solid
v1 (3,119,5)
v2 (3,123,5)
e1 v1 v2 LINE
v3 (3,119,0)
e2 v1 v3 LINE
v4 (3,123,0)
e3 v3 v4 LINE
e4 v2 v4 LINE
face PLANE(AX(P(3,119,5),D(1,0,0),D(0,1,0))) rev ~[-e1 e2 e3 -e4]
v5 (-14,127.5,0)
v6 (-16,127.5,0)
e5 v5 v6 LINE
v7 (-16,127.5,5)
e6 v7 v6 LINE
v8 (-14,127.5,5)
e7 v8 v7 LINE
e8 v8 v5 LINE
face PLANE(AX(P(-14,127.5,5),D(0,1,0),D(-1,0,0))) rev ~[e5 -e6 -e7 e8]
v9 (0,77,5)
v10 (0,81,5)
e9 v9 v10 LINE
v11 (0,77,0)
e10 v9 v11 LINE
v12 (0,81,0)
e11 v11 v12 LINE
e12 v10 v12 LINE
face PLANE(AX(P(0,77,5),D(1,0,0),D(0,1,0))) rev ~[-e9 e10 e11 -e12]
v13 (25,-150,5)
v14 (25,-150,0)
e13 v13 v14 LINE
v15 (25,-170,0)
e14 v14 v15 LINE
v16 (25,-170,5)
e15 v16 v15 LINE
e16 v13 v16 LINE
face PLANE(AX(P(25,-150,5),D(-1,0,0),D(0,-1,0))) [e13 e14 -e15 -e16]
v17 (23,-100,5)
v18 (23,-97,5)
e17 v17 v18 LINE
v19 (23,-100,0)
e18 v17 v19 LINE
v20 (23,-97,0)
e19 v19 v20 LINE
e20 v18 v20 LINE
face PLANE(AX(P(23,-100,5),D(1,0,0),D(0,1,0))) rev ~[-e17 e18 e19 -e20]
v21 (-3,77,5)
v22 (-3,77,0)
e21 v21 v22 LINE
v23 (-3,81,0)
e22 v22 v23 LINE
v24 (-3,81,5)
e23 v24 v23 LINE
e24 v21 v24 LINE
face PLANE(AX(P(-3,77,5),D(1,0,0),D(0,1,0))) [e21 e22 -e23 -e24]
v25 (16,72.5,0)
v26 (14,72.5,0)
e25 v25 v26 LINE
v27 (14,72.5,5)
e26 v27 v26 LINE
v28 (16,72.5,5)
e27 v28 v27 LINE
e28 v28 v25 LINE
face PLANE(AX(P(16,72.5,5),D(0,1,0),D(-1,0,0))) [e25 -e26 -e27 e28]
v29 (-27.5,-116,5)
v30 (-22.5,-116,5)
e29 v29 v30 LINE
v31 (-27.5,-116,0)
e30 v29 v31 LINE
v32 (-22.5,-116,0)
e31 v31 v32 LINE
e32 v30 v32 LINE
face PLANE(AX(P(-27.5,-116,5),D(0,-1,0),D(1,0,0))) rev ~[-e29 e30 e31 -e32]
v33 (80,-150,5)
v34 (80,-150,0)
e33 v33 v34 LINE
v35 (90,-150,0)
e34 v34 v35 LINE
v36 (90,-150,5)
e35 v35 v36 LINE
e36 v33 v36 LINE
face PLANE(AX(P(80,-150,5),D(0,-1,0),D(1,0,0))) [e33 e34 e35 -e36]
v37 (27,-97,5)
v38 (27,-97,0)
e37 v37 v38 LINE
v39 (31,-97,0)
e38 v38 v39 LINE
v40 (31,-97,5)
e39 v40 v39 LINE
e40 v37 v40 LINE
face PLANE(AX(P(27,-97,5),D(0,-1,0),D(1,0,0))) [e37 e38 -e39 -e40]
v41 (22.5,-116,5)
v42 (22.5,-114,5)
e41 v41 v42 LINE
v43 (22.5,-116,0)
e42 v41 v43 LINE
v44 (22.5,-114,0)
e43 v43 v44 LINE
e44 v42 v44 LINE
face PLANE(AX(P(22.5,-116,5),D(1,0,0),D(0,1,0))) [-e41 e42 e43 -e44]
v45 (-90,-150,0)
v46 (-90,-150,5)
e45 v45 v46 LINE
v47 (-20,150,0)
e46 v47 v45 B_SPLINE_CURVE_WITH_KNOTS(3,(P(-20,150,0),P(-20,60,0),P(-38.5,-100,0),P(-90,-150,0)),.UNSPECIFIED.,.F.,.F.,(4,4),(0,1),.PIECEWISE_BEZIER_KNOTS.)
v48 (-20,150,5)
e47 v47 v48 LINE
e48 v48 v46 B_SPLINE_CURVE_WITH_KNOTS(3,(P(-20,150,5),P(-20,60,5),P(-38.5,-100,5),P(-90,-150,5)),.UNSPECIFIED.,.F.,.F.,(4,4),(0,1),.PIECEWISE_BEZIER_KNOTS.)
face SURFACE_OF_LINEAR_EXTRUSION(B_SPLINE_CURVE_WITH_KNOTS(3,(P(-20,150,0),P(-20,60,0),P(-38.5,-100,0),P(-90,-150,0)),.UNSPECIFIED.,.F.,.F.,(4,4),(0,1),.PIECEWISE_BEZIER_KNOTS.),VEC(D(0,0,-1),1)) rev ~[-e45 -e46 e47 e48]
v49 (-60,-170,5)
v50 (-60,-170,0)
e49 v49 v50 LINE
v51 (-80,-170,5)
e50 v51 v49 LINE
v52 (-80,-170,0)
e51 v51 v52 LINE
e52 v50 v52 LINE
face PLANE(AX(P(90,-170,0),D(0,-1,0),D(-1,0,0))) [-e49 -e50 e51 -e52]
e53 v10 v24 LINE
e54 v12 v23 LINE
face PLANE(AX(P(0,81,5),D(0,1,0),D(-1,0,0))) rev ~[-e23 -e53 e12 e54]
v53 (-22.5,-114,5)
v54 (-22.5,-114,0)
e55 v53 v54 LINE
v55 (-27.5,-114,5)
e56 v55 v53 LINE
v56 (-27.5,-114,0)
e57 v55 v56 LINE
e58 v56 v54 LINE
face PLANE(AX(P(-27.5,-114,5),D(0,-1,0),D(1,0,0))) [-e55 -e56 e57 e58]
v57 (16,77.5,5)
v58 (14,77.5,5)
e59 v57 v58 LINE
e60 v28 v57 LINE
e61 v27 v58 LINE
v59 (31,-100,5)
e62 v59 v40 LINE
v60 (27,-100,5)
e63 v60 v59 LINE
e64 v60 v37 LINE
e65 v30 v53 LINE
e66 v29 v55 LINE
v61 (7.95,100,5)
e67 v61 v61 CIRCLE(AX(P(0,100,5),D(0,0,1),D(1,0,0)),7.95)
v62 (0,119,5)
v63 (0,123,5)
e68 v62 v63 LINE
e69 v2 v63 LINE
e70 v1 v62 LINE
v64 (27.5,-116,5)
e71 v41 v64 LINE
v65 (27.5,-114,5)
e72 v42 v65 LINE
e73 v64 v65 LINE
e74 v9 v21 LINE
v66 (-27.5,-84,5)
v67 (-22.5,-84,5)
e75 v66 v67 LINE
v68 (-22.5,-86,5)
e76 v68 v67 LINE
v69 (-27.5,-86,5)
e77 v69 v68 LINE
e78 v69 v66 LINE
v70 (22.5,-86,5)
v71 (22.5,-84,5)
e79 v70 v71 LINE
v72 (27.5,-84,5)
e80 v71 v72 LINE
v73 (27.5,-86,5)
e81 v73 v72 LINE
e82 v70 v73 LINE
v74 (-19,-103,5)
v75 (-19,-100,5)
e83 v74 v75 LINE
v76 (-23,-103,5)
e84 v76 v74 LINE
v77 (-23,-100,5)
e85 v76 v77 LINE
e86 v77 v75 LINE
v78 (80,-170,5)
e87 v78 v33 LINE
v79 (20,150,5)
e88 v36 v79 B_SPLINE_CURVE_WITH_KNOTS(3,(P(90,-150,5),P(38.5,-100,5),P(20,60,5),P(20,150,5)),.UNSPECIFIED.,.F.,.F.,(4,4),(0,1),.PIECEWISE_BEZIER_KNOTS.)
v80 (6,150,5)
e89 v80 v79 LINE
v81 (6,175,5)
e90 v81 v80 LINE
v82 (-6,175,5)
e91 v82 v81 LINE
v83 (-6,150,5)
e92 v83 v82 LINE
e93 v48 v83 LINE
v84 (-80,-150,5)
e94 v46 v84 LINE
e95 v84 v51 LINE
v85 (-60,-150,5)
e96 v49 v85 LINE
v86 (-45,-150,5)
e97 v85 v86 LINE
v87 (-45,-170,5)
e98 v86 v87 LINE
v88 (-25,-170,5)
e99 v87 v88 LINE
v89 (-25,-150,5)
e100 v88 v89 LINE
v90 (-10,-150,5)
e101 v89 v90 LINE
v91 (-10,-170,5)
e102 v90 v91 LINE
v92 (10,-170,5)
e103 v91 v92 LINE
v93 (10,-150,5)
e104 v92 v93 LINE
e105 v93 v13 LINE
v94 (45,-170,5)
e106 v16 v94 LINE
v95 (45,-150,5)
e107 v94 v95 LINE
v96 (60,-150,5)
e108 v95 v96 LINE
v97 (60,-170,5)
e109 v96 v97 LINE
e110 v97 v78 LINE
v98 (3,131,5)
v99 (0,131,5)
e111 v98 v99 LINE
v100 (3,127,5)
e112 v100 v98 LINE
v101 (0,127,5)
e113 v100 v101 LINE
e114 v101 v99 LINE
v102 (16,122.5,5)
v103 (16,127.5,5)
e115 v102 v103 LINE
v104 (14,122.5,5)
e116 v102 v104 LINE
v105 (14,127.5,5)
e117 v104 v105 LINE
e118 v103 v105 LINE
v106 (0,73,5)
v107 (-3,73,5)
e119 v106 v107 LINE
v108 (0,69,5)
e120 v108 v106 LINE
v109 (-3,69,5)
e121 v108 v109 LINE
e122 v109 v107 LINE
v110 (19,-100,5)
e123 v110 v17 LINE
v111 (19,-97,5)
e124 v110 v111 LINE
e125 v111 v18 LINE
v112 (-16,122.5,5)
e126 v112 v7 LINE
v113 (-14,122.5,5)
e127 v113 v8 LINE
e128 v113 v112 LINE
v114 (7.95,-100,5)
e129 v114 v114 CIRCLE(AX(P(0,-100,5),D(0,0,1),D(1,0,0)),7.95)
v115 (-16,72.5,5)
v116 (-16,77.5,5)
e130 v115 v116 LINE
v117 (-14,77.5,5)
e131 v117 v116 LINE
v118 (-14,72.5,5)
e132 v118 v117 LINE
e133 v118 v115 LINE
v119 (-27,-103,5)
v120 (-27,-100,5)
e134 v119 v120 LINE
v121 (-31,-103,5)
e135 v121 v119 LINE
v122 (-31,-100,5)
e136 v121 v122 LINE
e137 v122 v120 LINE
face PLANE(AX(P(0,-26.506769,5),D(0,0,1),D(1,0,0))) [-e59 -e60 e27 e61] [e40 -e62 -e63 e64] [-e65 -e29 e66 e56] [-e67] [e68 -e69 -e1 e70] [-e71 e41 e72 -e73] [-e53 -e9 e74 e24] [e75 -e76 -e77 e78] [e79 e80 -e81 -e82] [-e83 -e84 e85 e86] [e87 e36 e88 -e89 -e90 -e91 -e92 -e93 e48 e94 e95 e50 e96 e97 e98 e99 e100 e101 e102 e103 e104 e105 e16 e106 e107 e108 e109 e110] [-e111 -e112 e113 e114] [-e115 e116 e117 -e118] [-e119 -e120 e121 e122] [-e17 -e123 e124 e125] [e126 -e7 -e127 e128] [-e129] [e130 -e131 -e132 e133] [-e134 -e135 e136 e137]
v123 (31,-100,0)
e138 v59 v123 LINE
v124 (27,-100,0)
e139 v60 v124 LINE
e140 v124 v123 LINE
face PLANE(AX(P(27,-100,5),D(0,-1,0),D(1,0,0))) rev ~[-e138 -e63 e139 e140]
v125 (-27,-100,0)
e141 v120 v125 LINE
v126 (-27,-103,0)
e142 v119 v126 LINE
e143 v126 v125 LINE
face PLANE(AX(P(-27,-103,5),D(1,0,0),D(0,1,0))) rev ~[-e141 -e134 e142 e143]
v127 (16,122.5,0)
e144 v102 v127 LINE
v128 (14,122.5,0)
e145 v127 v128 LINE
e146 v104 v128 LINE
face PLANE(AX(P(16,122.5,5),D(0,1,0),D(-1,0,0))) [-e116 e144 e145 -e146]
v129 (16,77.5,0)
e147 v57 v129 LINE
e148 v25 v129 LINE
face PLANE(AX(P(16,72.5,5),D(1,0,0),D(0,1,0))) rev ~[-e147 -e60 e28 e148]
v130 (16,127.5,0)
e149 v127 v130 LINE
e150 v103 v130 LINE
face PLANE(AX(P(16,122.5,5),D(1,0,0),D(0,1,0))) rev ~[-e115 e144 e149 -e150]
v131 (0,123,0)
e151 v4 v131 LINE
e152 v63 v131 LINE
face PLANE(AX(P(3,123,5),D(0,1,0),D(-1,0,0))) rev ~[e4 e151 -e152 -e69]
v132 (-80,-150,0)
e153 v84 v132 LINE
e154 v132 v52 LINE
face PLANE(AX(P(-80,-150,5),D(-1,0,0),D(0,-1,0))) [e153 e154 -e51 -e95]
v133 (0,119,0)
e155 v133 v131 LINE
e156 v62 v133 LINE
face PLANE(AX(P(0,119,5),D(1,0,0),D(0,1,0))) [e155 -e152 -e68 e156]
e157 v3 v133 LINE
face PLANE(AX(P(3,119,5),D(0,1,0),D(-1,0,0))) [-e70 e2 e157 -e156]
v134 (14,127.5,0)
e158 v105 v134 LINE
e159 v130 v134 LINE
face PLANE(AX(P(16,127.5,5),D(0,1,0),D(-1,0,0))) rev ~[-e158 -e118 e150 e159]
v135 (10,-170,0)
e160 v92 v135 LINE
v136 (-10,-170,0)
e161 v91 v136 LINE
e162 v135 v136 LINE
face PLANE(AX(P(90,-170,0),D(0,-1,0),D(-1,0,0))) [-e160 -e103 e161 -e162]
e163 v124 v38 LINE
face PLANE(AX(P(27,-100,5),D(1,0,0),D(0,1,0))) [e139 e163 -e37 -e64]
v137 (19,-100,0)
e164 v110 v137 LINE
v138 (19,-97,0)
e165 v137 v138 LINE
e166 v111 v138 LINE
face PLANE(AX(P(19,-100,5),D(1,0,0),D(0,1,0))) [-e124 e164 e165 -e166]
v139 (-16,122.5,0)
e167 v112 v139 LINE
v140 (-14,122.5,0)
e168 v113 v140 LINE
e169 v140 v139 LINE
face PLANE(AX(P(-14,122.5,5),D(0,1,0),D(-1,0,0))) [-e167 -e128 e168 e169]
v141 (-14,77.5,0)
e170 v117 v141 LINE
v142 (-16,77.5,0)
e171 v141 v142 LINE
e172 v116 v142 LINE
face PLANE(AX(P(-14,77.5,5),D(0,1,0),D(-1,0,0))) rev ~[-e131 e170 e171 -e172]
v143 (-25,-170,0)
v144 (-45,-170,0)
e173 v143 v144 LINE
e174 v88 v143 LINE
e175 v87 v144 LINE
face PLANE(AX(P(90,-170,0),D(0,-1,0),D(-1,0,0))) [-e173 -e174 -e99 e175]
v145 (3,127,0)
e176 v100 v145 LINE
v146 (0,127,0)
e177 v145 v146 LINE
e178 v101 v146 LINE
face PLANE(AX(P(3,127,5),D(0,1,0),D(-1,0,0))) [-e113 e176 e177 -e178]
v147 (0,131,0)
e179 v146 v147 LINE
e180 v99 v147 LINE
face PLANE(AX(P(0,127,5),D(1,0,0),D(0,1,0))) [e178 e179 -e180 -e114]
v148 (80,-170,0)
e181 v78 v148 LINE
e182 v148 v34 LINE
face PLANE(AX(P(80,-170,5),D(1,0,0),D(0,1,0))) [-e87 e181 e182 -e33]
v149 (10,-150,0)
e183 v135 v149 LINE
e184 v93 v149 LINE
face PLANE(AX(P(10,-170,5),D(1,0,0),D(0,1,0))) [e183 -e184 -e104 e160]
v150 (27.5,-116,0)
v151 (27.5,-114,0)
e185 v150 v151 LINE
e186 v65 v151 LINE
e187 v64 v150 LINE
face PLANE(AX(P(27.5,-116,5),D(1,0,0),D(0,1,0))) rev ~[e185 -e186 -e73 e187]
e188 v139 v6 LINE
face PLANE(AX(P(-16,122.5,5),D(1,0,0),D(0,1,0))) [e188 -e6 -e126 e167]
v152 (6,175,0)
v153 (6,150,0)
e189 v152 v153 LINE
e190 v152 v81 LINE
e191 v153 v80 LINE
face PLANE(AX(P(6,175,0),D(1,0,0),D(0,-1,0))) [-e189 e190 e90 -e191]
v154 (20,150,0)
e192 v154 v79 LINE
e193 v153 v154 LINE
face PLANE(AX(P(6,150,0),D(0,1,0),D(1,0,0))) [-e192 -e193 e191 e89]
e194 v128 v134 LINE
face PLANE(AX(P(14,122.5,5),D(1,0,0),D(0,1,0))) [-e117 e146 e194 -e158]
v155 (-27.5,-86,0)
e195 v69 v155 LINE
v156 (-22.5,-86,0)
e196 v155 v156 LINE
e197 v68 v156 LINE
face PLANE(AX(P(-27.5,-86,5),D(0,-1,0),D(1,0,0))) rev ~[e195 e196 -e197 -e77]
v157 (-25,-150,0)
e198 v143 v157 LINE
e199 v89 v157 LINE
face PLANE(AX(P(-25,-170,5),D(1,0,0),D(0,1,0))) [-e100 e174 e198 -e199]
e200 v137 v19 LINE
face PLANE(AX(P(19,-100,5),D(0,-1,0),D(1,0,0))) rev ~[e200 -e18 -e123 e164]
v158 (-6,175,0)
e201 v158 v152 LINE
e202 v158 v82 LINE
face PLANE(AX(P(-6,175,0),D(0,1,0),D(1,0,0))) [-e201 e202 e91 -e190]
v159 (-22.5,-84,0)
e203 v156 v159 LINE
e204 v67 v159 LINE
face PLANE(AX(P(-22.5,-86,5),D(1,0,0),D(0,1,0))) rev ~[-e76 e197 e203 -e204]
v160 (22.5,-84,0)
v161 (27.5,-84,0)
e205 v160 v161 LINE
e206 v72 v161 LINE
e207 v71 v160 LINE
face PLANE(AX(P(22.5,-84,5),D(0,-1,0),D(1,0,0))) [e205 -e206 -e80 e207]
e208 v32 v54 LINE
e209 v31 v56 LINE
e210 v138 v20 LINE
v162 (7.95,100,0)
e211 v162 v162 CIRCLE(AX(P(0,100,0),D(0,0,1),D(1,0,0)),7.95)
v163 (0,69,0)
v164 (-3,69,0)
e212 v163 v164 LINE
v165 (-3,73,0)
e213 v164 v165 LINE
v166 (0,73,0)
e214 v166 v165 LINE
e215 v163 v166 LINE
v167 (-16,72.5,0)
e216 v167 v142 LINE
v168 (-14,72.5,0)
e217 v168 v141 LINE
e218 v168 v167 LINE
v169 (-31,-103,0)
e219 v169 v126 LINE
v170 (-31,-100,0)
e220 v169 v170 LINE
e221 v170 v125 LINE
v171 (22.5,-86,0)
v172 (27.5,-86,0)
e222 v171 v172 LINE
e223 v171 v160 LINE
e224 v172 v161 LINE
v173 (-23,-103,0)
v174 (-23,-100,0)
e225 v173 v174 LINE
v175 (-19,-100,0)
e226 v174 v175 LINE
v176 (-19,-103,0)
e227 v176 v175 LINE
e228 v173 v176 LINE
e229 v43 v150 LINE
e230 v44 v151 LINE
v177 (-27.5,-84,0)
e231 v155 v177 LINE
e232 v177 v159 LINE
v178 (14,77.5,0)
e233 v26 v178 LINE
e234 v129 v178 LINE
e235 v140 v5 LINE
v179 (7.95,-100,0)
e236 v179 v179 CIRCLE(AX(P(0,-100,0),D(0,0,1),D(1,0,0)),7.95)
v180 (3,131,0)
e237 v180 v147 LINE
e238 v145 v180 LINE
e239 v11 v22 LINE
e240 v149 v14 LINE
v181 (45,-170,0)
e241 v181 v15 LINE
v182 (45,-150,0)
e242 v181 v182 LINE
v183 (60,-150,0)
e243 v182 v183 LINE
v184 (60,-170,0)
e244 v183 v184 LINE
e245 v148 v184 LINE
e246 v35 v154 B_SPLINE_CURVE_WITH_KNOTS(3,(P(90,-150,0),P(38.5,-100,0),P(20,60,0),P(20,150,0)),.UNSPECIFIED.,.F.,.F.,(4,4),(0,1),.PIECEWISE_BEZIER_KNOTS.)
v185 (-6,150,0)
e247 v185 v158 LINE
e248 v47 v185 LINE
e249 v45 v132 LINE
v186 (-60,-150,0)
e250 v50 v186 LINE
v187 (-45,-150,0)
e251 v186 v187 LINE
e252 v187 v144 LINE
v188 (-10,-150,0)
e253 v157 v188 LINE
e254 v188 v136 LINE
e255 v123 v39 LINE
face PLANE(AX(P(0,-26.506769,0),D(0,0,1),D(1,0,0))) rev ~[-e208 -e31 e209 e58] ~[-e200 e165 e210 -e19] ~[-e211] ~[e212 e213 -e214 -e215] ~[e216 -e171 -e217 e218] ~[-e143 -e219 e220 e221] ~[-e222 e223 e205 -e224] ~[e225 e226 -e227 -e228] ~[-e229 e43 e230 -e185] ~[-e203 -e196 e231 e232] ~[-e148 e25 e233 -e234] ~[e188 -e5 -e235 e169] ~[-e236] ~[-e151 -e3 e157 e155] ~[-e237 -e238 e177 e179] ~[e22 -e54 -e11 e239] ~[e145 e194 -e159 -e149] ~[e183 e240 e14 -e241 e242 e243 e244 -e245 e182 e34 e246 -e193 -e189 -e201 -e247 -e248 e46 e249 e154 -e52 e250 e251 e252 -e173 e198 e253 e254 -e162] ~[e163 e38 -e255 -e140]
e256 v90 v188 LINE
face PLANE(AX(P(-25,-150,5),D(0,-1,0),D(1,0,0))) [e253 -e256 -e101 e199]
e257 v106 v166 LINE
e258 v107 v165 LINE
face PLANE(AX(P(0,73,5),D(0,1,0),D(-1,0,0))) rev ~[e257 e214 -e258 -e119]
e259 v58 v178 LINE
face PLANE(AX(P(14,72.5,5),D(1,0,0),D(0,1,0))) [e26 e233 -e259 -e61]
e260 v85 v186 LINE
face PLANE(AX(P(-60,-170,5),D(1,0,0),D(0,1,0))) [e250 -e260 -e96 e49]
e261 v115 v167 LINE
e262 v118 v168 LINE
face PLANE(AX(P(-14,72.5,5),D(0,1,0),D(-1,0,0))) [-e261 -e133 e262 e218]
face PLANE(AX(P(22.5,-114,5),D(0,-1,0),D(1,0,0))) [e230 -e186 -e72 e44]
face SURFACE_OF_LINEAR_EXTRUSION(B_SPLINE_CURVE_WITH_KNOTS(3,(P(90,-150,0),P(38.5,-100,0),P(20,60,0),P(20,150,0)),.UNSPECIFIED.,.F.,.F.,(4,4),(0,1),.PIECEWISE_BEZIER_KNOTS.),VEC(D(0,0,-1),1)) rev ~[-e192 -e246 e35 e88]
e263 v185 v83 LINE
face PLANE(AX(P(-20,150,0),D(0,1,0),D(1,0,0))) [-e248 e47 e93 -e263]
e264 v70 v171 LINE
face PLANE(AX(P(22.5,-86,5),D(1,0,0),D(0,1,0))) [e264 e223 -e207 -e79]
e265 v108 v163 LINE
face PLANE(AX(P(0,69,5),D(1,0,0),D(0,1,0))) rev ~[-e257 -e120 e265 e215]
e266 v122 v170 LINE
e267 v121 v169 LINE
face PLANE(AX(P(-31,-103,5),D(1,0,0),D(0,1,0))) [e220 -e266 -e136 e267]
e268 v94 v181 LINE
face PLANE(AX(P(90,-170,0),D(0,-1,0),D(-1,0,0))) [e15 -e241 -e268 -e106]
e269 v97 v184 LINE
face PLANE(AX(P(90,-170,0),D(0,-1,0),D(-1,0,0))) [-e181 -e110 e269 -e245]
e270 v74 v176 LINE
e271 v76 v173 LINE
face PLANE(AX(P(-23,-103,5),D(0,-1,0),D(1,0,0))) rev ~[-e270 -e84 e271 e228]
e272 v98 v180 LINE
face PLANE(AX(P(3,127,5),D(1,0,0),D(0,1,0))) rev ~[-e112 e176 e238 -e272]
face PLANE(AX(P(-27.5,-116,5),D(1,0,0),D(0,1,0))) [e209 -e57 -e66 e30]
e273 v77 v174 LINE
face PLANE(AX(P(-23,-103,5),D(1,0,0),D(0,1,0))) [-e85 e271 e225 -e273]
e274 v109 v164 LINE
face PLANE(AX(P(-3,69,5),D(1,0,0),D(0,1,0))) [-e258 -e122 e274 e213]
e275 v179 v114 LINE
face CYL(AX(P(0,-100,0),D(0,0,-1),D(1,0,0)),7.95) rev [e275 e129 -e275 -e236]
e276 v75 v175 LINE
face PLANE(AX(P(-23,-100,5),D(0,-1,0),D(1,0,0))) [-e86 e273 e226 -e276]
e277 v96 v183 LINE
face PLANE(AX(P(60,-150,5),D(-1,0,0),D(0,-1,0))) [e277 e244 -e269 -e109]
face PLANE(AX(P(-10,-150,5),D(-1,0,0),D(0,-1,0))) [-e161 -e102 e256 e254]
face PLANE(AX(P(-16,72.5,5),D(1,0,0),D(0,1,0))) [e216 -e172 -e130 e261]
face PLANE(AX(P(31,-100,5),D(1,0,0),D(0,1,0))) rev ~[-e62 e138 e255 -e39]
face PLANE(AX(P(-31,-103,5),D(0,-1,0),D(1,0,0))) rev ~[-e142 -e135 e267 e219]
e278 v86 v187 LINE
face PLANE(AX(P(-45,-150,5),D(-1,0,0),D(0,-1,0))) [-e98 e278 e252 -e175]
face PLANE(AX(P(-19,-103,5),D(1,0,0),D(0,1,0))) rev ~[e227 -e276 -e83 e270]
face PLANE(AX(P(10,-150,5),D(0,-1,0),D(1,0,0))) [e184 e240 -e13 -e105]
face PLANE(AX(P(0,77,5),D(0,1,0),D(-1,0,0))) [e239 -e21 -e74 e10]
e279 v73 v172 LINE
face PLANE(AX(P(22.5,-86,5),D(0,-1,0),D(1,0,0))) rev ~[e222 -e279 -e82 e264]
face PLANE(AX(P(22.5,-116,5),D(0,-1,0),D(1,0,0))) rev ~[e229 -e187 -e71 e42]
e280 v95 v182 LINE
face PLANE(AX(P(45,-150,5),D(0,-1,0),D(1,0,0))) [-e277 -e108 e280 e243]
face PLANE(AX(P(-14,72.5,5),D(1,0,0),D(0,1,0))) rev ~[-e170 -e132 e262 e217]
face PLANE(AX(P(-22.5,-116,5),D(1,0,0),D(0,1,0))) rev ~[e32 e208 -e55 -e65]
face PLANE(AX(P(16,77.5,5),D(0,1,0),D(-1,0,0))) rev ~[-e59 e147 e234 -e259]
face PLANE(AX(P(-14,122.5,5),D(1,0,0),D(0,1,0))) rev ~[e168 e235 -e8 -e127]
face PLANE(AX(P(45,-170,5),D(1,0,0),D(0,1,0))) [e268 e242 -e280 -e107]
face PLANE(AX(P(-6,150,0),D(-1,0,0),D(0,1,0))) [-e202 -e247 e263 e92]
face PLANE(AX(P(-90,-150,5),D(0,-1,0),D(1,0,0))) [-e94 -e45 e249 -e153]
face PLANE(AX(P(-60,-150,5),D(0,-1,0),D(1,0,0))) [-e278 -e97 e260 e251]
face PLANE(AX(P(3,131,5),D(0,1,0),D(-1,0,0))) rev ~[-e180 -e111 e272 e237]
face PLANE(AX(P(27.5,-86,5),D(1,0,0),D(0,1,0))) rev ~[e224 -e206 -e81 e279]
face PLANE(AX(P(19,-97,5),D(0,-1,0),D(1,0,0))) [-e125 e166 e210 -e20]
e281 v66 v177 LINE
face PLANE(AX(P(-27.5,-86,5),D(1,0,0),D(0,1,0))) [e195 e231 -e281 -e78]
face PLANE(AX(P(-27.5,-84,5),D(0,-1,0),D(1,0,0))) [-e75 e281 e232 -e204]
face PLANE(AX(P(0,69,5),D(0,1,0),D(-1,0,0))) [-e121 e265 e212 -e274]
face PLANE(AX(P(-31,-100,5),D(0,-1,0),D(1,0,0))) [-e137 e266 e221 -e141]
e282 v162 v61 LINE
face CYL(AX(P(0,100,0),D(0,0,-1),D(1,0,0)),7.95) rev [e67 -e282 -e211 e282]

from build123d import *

# Parameters (mm, degrees)
SKETCH_R        = 7.95
PAD_DEPTH       = 5
SKETCH003_W     = 5
SKETCH003_H     = 2
SKETCH003_W_2   = 4
SKETCH003_H_2   = 3
POCKET_DEPTH    = 5.001
SKETCH002_W     = 5
SKETCH002_H     = 2
SKETCH002_W_2   = 4
SKETCH002_H_2   = 3
POCKET001_DEPTH = 5.001
POCKET002_DEPTH = 5.001


with BuildPart() as part:
    # Sketch → Pad (new body)
    with BuildSketch(Plane.XY):
        with BuildLine():
            add(Edge.make_bspline(
                [(-20, 150), (-20, 60), (-38.5, -100), (-90, -150)],
                knots=[0, 0, 0, 0, 1, 1, 1, 1], degree=3))
            Line((-20, 150), (-6, 150))
            Line((-6, 150), (-6, 175))
            Line((-6, 175), (6, 175))
            Line((6, 175), (6, 150))
            Line((6, 150), (20, 150))
            add(Edge.make_bspline(
                [(90, -150), (38.5, -100), (20, 60), (20, 150)],
                knots=[0, 0, 0, 0, 1, 1, 1, 1], degree=3))
            Line((90, -150), (90, -170))
            Line((90, -170), (-90, -170))
            Line((-90, -170), (-90, -150))
        make_face()
        with Locations((0, -100)):
            Circle(SKETCH_R, mode=Mode.SUBTRACT)
        with Locations((0, 100)):
            Circle(SKETCH_R, mode=Mode.SUBTRACT)
    extrude(amount=PAD_DEPTH)

    # Sketch003 (on Face28 of Pad) → Pocket (cut, through all)
    with BuildSketch(Plane(origin=(0, 100, 5), x_dir=(0, 1, 0), z_dir=(0, 0, 1))):
        with Locations((-25, 15)):
            Rectangle(SKETCH003_W, SKETCH003_H)
        with Locations((25, 15)):
            Rectangle(SKETCH003_W, SKETCH003_H)
        with Locations((25, -15)):
            Rectangle(SKETCH003_W, SKETCH003_H)
        with Locations((-25, -15)):
            Rectangle(SKETCH003_W, SKETCH003_H)
        with Locations((-29, 1.5)):
            Rectangle(SKETCH003_W_2, SKETCH003_H_2)
        with Locations((-21, 1.5)):
            Rectangle(SKETCH003_W_2, SKETCH003_H_2)
        with Locations((21, -1.5)):
            Rectangle(SKETCH003_W_2, SKETCH003_H_2)
        with Locations((29, -1.5)):
            Rectangle(SKETCH003_W_2, SKETCH003_H_2)
    extrude(amount=-POCKET_DEPTH, mode=Mode.SUBTRACT)

    # Sketch002 (on Face28 of Pad) → Pocket001 (cut, through all)
    with BuildSketch(Plane.XY.offset(5)):
        with Locations((-25, -85)):
            Rectangle(SKETCH002_W, SKETCH002_H)
        with Locations((25, -85)):
            Rectangle(SKETCH002_W, SKETCH002_H)
        with Locations((25, -115)):
            Rectangle(SKETCH002_W, SKETCH002_H)
        with Locations((-25, -115)):
            Rectangle(SKETCH002_W, SKETCH002_H)
        with Locations((21, -98.5)):
            Rectangle(SKETCH002_W_2, SKETCH002_H_2)
        with Locations((29, -98.5)):
            Rectangle(SKETCH002_W_2, SKETCH002_H_2)
        with Locations((-29, -101.5)):
            Rectangle(SKETCH002_W_2, SKETCH002_H_2)
        with Locations((-21, -101.5)):
            Rectangle(SKETCH002_W_2, SKETCH002_H_2)
    extrude(amount=-POCKET001_DEPTH, mode=Mode.SUBTRACT)

    # Sketch004 (on Face5 of Pocket001) → Pocket002 (cut, through all)
    with BuildSketch(Plane.XY.offset(5)):
        Polygon((-90, -150), (-80, -150), (-80, -170), (-60, -170), (-60, -150), (-45, -150), (-45, -170), (-25, -170), (-25, -150), (-10, -150), (-10, -170), (10, -170), (10, -150), (25, -150), (25, -170), (45, -170), (45, -150), (60, -150), (60, -170), (80, -170), (80, -150), (90, -150), (90, -180), (-90, -180), align=None)
    extrude(amount=-POCKET002_DEPTH, mode=Mode.SUBTRACT)


solid = part.part
